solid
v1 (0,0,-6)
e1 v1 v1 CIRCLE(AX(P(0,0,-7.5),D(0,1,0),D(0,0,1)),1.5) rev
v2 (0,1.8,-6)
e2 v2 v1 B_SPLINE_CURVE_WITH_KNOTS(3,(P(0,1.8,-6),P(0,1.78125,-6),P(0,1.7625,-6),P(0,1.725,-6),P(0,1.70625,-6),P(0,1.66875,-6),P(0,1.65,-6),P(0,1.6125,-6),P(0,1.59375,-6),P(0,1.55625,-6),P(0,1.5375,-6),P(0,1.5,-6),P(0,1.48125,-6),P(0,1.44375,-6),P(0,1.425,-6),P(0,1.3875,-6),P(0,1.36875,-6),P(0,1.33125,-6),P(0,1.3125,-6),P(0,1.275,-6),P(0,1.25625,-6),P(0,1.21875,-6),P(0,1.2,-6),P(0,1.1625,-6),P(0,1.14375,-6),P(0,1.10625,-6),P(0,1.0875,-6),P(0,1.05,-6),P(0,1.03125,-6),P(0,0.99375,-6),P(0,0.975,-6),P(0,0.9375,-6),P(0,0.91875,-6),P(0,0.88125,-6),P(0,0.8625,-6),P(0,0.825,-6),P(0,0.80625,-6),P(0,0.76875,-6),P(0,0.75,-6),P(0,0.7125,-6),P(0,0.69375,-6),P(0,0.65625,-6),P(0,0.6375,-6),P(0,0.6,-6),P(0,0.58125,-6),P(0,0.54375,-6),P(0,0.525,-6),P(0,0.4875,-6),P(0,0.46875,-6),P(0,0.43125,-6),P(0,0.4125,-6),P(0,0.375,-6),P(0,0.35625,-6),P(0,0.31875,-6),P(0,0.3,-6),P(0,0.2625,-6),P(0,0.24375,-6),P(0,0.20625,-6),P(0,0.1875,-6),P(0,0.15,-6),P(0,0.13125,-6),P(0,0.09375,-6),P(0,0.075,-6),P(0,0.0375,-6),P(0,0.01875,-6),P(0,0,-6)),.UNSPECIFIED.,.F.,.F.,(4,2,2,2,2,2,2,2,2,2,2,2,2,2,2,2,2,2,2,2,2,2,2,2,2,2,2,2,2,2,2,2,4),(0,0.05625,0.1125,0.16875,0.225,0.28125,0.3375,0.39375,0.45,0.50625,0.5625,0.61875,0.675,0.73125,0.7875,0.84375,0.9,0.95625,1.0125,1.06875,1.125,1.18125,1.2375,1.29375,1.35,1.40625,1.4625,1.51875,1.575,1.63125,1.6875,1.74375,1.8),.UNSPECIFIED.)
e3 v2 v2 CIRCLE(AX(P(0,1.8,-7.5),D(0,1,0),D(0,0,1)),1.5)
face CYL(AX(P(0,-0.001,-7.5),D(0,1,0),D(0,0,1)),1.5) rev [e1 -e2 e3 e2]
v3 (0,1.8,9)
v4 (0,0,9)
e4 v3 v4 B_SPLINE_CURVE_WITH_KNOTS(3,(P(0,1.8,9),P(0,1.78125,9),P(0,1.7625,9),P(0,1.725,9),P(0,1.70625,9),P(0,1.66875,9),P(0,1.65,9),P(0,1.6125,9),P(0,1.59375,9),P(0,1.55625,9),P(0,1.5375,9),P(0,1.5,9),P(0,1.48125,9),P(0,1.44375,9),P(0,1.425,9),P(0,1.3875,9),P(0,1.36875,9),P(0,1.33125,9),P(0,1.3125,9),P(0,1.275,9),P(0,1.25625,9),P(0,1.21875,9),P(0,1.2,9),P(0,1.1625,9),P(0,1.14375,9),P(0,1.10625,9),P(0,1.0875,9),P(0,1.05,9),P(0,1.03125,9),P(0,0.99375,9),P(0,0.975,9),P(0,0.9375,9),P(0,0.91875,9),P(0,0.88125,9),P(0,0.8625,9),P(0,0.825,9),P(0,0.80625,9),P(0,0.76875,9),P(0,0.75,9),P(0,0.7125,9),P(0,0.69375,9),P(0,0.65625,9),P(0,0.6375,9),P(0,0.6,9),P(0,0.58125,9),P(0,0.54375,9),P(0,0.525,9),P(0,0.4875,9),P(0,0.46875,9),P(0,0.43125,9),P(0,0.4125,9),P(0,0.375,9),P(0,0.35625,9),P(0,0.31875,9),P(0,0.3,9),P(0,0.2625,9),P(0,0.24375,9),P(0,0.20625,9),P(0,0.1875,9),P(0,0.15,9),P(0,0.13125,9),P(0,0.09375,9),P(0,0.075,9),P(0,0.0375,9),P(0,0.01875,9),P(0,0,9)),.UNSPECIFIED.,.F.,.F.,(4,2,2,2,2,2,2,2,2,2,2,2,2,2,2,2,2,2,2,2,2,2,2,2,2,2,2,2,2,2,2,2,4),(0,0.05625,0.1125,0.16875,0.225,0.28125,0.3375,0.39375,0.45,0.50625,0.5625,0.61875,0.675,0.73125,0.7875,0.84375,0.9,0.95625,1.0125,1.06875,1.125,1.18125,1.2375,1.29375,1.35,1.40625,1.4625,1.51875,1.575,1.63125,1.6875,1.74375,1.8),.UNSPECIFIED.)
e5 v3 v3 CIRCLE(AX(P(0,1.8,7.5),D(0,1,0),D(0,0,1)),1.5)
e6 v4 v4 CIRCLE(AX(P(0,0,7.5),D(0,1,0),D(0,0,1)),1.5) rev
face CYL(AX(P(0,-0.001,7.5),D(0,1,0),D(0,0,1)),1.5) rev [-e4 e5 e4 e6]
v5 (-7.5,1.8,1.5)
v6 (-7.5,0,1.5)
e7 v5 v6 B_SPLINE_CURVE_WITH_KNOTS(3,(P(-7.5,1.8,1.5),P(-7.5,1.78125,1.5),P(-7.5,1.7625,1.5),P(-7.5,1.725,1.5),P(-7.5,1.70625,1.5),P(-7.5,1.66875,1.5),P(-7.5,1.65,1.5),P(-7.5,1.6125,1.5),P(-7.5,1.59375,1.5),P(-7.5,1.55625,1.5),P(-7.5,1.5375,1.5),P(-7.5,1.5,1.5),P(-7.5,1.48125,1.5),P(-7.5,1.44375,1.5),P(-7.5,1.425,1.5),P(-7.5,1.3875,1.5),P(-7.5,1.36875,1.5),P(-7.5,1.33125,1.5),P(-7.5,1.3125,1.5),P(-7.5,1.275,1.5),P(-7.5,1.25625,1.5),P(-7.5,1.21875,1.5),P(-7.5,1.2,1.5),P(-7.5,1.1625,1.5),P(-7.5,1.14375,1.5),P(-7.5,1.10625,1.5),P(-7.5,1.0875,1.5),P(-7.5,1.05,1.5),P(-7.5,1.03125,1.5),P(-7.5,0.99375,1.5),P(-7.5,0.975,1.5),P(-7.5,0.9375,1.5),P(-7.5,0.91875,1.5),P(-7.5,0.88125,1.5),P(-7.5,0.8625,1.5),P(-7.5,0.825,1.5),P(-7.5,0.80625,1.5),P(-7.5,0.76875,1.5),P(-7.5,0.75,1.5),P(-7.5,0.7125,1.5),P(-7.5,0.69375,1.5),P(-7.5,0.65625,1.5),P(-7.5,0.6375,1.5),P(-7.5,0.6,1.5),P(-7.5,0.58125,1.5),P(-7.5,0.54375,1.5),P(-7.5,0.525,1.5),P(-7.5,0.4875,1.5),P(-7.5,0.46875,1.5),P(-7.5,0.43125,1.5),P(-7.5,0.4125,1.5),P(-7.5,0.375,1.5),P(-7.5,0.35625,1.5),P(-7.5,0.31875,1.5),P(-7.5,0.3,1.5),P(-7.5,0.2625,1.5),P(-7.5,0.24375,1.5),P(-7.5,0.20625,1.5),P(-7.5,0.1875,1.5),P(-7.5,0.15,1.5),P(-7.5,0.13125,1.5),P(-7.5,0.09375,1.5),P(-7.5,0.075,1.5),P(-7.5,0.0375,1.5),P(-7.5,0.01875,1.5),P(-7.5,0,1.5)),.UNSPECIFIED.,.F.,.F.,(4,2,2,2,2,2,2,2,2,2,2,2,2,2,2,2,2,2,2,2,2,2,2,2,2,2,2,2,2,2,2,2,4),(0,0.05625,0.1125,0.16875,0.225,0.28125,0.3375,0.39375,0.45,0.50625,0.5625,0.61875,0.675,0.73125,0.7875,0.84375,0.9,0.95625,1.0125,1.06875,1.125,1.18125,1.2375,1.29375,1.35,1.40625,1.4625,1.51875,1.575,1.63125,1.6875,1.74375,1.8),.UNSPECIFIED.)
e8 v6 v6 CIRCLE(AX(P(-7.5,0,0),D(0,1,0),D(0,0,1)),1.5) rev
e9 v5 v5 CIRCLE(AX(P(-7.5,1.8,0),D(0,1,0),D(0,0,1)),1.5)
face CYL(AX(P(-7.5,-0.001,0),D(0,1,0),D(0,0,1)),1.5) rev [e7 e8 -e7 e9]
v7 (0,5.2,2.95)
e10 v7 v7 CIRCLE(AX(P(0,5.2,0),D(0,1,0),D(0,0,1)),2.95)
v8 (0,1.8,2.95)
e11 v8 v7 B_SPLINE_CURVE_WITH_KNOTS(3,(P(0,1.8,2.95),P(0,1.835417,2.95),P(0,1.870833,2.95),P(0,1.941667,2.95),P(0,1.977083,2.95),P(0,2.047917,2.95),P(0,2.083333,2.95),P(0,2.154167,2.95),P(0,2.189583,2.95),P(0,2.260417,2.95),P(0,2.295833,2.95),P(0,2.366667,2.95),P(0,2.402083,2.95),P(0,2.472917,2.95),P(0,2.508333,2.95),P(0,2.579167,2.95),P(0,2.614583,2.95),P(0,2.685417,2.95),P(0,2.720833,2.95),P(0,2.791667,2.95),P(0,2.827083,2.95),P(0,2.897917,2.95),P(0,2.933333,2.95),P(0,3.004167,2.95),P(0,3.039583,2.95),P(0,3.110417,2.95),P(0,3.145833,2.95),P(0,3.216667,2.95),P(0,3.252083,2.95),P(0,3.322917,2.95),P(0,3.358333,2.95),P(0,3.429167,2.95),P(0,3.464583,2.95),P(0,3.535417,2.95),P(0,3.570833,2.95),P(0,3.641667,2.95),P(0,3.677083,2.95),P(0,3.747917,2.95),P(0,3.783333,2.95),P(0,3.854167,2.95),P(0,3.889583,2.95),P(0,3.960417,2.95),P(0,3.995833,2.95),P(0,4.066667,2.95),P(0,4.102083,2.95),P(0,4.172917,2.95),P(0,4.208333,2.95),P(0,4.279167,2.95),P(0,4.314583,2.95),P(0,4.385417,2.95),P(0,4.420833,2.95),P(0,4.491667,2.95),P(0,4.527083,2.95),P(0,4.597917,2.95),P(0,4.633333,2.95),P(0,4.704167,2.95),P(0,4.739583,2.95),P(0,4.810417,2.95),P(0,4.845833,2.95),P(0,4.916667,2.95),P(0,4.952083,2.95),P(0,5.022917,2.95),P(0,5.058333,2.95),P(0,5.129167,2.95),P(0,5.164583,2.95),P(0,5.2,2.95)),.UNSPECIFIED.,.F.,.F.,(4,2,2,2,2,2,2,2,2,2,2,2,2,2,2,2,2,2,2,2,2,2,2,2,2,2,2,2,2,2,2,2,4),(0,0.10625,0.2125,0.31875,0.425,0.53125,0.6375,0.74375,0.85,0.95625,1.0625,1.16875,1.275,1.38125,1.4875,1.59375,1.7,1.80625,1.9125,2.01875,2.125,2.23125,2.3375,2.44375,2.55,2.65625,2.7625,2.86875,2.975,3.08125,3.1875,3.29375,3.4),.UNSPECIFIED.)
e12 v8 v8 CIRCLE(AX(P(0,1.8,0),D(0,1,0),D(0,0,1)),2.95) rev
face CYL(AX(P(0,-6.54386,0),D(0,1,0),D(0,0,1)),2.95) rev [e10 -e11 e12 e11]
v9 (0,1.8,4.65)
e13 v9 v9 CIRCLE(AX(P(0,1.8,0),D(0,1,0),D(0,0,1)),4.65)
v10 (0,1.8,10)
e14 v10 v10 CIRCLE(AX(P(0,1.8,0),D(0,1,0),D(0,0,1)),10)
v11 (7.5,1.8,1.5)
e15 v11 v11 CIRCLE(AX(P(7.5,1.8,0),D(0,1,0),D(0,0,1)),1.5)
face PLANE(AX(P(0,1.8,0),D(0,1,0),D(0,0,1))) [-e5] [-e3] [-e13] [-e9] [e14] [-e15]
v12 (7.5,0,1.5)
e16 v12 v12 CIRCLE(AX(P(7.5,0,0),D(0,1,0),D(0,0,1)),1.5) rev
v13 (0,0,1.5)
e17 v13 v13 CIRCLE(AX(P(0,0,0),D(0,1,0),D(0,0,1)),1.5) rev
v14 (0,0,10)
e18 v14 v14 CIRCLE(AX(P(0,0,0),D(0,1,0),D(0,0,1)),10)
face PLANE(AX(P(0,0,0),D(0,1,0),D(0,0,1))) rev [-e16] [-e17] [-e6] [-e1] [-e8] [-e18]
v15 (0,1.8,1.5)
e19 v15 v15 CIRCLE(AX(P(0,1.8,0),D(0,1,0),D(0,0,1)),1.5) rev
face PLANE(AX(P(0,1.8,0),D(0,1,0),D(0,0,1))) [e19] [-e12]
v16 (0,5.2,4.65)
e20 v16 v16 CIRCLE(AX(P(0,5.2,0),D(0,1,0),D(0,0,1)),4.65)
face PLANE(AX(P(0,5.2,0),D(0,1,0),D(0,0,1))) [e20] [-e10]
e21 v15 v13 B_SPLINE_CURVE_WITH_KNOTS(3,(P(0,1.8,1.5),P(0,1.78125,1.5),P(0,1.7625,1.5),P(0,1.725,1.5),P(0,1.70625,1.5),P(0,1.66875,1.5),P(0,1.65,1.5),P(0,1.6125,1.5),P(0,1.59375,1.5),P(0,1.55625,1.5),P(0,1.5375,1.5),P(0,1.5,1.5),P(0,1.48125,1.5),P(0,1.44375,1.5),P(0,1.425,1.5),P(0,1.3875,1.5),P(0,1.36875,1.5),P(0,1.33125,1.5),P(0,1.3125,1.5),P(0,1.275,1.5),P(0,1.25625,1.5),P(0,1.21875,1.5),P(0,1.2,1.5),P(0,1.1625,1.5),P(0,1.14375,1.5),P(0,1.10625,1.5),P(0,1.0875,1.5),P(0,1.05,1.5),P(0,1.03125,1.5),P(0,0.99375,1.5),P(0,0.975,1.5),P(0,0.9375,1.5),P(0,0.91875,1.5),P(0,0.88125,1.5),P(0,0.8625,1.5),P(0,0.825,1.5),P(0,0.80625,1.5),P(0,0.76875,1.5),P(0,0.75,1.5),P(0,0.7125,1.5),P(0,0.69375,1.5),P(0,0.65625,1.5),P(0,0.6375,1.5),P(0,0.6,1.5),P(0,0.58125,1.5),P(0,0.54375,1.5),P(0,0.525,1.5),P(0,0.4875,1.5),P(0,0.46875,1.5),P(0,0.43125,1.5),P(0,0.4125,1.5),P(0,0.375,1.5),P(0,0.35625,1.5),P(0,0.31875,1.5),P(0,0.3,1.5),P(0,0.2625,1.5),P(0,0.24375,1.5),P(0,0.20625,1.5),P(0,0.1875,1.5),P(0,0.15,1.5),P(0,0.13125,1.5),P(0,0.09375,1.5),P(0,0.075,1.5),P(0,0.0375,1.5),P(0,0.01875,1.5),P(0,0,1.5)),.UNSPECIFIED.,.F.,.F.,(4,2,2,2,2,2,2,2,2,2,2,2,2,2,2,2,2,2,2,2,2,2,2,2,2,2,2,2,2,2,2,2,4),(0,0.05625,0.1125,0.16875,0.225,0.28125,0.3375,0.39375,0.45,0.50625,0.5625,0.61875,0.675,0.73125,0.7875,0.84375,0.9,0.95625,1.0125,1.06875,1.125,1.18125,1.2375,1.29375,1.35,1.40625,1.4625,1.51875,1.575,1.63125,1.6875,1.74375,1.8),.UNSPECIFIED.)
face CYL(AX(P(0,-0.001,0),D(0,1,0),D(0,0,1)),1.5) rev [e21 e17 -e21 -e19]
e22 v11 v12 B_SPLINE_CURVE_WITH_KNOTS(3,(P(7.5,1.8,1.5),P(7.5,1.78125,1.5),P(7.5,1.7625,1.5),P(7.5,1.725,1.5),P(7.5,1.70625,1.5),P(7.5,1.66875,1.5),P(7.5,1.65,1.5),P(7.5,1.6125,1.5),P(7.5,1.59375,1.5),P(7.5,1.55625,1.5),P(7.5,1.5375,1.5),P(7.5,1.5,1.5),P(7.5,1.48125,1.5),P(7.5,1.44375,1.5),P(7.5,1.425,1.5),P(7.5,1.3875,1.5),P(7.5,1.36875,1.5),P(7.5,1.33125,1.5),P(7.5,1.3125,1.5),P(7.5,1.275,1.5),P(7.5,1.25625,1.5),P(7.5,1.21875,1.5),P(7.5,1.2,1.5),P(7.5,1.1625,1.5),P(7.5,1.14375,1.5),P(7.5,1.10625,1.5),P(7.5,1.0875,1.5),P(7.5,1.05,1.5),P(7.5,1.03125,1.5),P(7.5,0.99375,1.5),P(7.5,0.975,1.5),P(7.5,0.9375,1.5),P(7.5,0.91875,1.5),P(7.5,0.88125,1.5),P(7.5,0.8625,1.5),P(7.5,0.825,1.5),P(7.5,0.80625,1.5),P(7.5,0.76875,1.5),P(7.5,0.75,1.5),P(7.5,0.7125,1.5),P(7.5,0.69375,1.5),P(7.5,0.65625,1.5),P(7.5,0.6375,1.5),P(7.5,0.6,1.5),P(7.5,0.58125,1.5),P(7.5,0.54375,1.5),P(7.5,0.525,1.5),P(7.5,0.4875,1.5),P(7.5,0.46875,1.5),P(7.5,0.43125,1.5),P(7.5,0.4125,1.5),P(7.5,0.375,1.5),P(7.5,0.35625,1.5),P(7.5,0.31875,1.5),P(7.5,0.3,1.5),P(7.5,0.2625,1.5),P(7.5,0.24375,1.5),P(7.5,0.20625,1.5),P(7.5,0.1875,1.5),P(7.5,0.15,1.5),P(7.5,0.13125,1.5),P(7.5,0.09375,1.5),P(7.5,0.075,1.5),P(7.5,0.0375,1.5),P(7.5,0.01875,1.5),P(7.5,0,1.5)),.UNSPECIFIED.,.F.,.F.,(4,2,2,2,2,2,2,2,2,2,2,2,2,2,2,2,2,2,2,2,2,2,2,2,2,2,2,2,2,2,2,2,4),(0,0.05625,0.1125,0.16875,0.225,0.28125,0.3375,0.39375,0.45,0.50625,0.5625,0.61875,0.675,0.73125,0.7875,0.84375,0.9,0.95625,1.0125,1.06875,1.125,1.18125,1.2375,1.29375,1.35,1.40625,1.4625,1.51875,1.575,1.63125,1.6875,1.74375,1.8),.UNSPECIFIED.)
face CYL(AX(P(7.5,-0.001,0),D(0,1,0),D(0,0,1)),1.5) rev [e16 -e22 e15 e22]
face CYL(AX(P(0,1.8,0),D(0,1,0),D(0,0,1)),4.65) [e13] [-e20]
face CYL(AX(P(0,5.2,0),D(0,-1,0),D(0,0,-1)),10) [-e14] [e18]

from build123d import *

# Parameters (mm, degrees)
SKETCH1_R           = 10
BOSS_EXTRUDE1_DEPTH = 5.2
CUT_EXTRUDE1_START  = -3.4
SKETCH2_R           = 10
SKETCH2_R_2         = 4.65
CUT_EXTRUDE1_DEPTH  = 3.4
CUT_EXTRUDE2_REACH  = 16.545
SKETCH3_R           = 1.5
SKETCH4_R           = 2.95
CUT_EXTRUDE3_DEPTH  = 3.4


with BuildPart() as part:
    # Sketch1 → Boss-Extrude1 (new body)
    with BuildSketch(Plane(origin=(0, 0, 0), x_dir=(1, 0, 0), z_dir=(0, 1, 0))):
        with Locations(Location((0, 0, 0), (0, 0, 270))):
            Circle(SKETCH1_R)
    extrude(amount=BOSS_EXTRUDE1_DEPTH)

    # Sketch2 → Cut-Extrude1 (cut)
    with BuildSketch(Plane(origin=(0, 5.2, 0), x_dir=(1, 0, 0), z_dir=(0, 1, 0)).offset(CUT_EXTRUDE1_START)):
        with Locations(Location((0, 0, 0), (0, 0, 270))):
            Circle(SKETCH2_R)
        with Locations(Location((0, 0, 0), (0, 0, 270))):
            Circle(SKETCH2_R_2, mode=Mode.SUBTRACT)
    extrude(amount=CUT_EXTRUDE1_DEPTH, mode=Mode.SUBTRACT)

    # Sketch3 → Cut-Extrude2 (cut, up to next)
    with BuildSketch(Plane(origin=(0, 1.8, 0), x_dir=(1, 0, 0), z_dir=(0, 1, 0)), mode=Mode.PRIVATE) as cut_extrude2_sk1:
        with Locations(Location((0, 0, 0), (0, 0, 270))):
            Circle(SKETCH3_R)
    cut_extrude2_tool1 = extrude(cut_extrude2_sk1.sketch, amount=-CUT_EXTRUDE2_REACH, mode=Mode.PRIVATE) & part.part
    # Sketch3 → Cut-Extrude2 (cut, up to next)
    with BuildSketch(Plane(origin=(0, 1.8, 0), x_dir=(1, 0, 0), z_dir=(0, 1, 0)), mode=Mode.PRIVATE) as cut_extrude2_sk2:
        with Locations(Location((-7.5, 0, 0), (0, 0, 270))):
            Circle(SKETCH3_R)
    cut_extrude2_tool2 = extrude(cut_extrude2_sk2.sketch, amount=-CUT_EXTRUDE2_REACH, mode=Mode.PRIVATE) & part.part
    # Sketch3 → Cut-Extrude2 (cut, up to next)
    with BuildSketch(Plane(origin=(0, 1.8, 0), x_dir=(1, 0, 0), z_dir=(0, 1, 0)), mode=Mode.PRIVATE) as cut_extrude2_sk3:
        with Locations(Location((0, 7.5, 0), (0, 0, 270))):
            Circle(SKETCH3_R)
    cut_extrude2_tool3 = extrude(cut_extrude2_sk3.sketch, amount=-CUT_EXTRUDE2_REACH, mode=Mode.PRIVATE) & part.part
    # Sketch3 → Cut-Extrude2 (cut, up to next)
    with BuildSketch(Plane(origin=(0, 1.8, 0), x_dir=(1, 0, 0), z_dir=(0, 1, 0)), mode=Mode.PRIVATE) as cut_extrude2_sk4:
        with Locations(Location((7.5, 0, 0), (0, 0, 270))):
            Circle(SKETCH3_R)
    cut_extrude2_tool4 = extrude(cut_extrude2_sk4.sketch, amount=-CUT_EXTRUDE2_REACH, mode=Mode.PRIVATE) & part.part
    # Sketch3 → Cut-Extrude2 (cut, up to next)
    with BuildSketch(Plane(origin=(0, 1.8, 0), x_dir=(1, 0, 0), z_dir=(0, 1, 0)), mode=Mode.PRIVATE) as cut_extrude2_sk5:
        with Locations(Location((0, -7.5, 0), (0, 0, 270))):
            Circle(SKETCH3_R)
    cut_extrude2_tool5 = extrude(cut_extrude2_sk5.sketch, amount=-CUT_EXTRUDE2_REACH, mode=Mode.PRIVATE) & part.part
    add(cut_extrude2_tool1.solids().sort_by_distance((0, 1.8, 0))[0], mode=Mode.SUBTRACT)
    add(cut_extrude2_tool2.solids().sort_by_distance((-7.5, 1.8, 0))[0], mode=Mode.SUBTRACT)
    add(cut_extrude2_tool3.solids().sort_by_distance((0, 1.8, -7.5))[0], mode=Mode.SUBTRACT)
    add(cut_extrude2_tool4.solids().sort_by_distance((7.5, 1.8, 0))[0], mode=Mode.SUBTRACT)
    add(cut_extrude2_tool5.solids().sort_by_distance((0, 1.8, 7.5))[0], mode=Mode.SUBTRACT)

    # Sketch4 → Cut-Extrude3 (cut)
    with BuildSketch(Plane(origin=(0, 5.2, 0), x_dir=(1, 0, 0), z_dir=(0, 1, 0))):
        with Locations(Location((0, 0, 0), (0, 0, 270))):
            Circle(SKETCH4_R)
    extrude(amount=-CUT_EXTRUDE3_DEPTH, mode=Mode.SUBTRACT)


solid = part.part
